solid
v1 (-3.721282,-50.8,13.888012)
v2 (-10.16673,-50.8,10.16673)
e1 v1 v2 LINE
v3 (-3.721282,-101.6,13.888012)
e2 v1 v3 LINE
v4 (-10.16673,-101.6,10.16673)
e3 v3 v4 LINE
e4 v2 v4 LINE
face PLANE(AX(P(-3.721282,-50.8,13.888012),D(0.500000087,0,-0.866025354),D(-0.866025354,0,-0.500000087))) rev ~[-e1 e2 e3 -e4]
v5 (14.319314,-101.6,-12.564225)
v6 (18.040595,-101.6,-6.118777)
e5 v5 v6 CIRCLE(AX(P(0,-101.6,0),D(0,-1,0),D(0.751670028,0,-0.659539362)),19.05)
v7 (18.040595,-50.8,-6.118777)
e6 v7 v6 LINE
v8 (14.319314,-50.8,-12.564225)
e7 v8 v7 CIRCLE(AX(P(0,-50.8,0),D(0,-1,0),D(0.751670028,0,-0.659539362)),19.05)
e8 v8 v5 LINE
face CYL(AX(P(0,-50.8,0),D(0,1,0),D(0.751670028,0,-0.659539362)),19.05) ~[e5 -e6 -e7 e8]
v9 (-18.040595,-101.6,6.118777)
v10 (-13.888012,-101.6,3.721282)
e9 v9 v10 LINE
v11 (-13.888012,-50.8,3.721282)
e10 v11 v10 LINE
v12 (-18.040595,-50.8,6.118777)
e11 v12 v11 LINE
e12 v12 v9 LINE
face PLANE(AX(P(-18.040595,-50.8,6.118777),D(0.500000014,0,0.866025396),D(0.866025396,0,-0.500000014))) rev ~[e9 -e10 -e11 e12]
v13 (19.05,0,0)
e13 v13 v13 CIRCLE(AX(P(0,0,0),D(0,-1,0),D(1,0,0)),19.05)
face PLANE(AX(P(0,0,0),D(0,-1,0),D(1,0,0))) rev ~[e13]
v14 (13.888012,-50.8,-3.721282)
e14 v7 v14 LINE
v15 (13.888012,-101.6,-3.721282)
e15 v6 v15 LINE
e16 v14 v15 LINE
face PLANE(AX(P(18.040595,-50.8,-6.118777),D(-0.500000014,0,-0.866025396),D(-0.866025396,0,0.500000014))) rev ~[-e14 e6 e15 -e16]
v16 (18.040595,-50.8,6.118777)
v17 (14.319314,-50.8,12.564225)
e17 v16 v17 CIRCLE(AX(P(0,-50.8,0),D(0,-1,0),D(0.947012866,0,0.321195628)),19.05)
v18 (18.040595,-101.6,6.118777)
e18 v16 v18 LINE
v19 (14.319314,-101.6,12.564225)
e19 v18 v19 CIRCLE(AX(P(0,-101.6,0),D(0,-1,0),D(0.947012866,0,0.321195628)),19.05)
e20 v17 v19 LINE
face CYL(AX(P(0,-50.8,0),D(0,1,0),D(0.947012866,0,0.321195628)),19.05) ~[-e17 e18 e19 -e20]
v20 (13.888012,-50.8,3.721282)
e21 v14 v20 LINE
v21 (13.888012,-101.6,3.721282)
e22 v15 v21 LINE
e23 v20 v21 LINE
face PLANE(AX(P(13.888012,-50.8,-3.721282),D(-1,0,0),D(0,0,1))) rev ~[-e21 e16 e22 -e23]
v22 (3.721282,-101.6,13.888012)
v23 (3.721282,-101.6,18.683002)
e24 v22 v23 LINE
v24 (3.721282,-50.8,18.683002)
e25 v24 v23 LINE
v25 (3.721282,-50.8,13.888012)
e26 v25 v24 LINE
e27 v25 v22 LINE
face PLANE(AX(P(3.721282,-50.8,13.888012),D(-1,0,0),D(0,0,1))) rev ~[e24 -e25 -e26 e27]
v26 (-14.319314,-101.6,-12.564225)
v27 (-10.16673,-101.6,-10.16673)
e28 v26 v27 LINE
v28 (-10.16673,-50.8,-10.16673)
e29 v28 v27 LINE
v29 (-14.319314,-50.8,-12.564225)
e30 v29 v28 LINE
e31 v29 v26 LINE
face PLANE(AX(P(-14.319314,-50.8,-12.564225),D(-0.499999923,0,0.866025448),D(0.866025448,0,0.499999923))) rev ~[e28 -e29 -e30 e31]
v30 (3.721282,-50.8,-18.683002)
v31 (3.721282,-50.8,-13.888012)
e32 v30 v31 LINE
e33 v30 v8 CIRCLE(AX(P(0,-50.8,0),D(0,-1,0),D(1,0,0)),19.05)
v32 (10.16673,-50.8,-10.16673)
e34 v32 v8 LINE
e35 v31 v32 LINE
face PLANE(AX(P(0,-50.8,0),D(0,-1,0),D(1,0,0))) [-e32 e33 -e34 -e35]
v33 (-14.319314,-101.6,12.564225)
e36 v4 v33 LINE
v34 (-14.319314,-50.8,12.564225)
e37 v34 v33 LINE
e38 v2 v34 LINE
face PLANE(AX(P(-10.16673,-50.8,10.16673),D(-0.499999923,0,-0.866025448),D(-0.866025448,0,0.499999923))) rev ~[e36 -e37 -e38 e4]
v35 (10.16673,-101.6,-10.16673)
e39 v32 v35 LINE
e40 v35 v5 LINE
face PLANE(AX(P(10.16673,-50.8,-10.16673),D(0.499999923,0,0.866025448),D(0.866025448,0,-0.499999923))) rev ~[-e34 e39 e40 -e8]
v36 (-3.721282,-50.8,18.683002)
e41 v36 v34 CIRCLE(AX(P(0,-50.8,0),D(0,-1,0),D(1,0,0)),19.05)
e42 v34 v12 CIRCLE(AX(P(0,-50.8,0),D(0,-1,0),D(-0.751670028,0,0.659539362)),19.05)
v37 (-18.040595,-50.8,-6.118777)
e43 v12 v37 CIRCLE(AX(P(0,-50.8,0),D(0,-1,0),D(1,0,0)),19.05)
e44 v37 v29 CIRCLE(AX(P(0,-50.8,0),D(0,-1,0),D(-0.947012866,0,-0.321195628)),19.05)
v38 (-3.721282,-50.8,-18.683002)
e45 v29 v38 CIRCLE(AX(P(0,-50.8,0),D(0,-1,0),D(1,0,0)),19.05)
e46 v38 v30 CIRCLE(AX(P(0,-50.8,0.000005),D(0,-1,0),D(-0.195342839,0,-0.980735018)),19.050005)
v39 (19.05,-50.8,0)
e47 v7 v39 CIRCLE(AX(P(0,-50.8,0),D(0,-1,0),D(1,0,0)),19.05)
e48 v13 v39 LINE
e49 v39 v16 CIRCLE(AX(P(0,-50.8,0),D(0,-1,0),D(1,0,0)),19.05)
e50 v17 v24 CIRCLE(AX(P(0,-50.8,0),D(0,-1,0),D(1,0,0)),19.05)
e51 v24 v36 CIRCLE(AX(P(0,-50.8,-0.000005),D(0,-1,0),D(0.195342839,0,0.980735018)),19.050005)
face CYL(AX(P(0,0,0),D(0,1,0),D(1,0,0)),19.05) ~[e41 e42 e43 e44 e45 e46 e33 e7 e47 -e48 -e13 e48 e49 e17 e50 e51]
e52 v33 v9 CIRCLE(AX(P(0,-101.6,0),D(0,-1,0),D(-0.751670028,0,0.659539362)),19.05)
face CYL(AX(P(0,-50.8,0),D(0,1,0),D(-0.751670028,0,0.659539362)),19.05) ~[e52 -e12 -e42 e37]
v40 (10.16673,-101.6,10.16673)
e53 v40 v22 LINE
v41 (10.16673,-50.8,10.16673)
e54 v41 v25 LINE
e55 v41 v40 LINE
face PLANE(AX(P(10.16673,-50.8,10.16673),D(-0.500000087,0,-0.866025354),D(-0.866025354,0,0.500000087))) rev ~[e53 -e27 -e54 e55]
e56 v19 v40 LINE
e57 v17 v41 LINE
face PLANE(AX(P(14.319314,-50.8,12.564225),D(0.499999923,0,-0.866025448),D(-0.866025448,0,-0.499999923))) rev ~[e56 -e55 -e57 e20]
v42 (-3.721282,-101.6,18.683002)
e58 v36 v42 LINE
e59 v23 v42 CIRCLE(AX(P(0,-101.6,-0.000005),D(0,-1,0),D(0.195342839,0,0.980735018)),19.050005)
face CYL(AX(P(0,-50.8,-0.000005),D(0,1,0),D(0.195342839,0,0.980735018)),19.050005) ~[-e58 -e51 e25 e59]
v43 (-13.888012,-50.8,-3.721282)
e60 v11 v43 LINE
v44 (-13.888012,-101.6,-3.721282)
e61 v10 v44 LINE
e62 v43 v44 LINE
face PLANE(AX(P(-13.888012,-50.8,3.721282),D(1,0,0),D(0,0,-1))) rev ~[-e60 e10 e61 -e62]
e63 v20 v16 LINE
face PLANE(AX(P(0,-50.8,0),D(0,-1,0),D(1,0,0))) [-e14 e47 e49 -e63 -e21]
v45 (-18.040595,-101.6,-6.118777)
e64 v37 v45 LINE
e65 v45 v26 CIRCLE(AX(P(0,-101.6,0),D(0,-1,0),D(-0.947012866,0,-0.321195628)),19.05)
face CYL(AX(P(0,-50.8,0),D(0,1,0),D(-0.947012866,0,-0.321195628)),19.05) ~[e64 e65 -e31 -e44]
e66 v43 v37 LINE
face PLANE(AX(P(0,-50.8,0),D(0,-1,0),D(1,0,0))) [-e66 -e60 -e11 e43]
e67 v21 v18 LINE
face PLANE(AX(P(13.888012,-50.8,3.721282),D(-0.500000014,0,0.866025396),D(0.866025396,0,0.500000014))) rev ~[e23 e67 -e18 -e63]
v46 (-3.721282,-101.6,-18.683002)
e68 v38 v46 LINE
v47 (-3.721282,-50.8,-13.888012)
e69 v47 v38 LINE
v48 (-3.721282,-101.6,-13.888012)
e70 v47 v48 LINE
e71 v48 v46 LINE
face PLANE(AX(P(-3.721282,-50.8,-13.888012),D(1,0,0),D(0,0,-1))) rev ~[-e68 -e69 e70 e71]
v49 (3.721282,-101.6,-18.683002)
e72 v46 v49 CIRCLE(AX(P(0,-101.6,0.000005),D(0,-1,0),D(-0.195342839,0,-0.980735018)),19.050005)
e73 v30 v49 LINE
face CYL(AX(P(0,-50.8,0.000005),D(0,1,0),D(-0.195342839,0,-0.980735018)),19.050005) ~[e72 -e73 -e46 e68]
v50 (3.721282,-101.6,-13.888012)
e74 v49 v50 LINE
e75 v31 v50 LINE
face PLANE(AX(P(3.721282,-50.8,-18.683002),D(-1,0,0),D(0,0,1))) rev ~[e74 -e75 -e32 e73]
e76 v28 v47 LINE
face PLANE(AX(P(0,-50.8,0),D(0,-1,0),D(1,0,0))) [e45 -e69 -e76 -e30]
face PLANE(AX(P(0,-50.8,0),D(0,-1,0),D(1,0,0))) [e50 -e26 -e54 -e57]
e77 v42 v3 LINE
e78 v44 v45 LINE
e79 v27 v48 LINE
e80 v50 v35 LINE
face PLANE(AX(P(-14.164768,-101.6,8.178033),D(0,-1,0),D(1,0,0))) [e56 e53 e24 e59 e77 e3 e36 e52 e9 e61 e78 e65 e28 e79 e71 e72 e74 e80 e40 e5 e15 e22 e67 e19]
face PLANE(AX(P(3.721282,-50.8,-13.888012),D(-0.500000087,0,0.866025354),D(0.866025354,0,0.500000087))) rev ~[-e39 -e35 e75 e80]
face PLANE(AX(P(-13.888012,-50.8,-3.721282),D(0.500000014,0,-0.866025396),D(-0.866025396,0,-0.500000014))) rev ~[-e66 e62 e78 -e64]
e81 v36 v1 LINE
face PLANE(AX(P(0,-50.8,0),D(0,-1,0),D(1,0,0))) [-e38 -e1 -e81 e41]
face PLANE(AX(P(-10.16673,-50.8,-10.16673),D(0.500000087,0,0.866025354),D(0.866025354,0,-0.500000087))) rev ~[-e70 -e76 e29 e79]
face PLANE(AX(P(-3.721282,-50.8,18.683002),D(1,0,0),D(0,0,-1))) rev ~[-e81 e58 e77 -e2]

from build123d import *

# Parameters (mm, degrees)
F0_R     = 19.05
F1_DEPTH = 50.8
F3_DEPTH = 50.8


with BuildPart() as f1:
    # F0 (on Front) → F1 (new body)
    with BuildSketch(Plane.XZ):
        Circle(F0_R)
    extrude(amount=F1_DEPTH)

    # F2 (on face) → F3 (join)
    with BuildSketch(Plane.XZ.offset(50.8)):
        with BuildLine():
            Line((-18.040595, 6.118777), (-13.888012, 3.721282))
            Line((-13.888012, 3.721282), (-10.16673, 10.16673))
            Line((-10.16673, 10.16673), (-14.319314, 12.564225))
            ThreePointArc((-14.319314, 12.564225), (-16.497784, 9.525), (-18.040595, 6.118777))
        make_face()
        with BuildLine():
            Line((-3.721282, 13.888012), (3.721282, 13.888012))
            Line((3.721282, 13.888012), (3.721282, 18.683002))
            ThreePointArc((3.721282, 18.683002), (0, 19.05), (-3.721282, 18.683002))
            Line((-3.721282, 18.683002), (-3.721282, 13.888012))
        make_face()
        with BuildLine():
            Line((10.16673, 10.16673), (13.888012, 3.721282))
            Line((13.888012, 3.721282), (18.040595, 6.118777))
            ThreePointArc((18.040595, 6.118777), (16.497784, 9.525), (14.319314, 12.564225))
            Line((14.319314, 12.564225), (10.16673, 10.16673))
        make_face()
        with BuildLine():
            Line((13.888012, -3.721282), (10.16673, -10.16673))
            Line((10.16673, -10.16673), (14.319314, -12.564225))
            ThreePointArc((14.319314, -12.564225), (16.497784, -9.525), (18.040595, -6.118777))
            Line((18.040595, -6.118777), (13.888012, -3.721282))
        make_face()
        with BuildLine():
            Line((3.721282, -18.683002), (3.721282, -13.888012))
            Line((3.721282, -13.888012), (-3.721282, -13.888012))
            Line((-3.721282, -13.888012), (-3.721282, -18.683002))
            ThreePointArc((-3.721282, -18.683002), (0, -19.05), (3.721282, -18.683002))
        make_face()
        with BuildLine():
            Line((-14.319314, -12.564225), (-10.16673, -10.16673))
            Line((-10.16673, -10.16673), (-13.888012, -3.721282))
            Line((-13.888012, -3.721282), (-18.040595, -6.118777))
            ThreePointArc((-18.040595, -6.118777), (-16.497784, -9.525), (-14.319314, -12.564225))
        make_face()
        Polygon((3.721282, -13.888012), (10.16673, -10.16673), (13.888012, -3.721282), (13.888012, 3.721282), (10.16673, 10.16673), (3.721282, 13.888012), (-3.721282, 13.888012), (-10.16673, 10.16673), (-13.888012, 3.721282), (-13.888012, -3.721282), (-10.16673, -10.16673), (-3.721282, -13.888012), align=None)
    extrude(amount=F3_DEPTH)


solid = f1.part
